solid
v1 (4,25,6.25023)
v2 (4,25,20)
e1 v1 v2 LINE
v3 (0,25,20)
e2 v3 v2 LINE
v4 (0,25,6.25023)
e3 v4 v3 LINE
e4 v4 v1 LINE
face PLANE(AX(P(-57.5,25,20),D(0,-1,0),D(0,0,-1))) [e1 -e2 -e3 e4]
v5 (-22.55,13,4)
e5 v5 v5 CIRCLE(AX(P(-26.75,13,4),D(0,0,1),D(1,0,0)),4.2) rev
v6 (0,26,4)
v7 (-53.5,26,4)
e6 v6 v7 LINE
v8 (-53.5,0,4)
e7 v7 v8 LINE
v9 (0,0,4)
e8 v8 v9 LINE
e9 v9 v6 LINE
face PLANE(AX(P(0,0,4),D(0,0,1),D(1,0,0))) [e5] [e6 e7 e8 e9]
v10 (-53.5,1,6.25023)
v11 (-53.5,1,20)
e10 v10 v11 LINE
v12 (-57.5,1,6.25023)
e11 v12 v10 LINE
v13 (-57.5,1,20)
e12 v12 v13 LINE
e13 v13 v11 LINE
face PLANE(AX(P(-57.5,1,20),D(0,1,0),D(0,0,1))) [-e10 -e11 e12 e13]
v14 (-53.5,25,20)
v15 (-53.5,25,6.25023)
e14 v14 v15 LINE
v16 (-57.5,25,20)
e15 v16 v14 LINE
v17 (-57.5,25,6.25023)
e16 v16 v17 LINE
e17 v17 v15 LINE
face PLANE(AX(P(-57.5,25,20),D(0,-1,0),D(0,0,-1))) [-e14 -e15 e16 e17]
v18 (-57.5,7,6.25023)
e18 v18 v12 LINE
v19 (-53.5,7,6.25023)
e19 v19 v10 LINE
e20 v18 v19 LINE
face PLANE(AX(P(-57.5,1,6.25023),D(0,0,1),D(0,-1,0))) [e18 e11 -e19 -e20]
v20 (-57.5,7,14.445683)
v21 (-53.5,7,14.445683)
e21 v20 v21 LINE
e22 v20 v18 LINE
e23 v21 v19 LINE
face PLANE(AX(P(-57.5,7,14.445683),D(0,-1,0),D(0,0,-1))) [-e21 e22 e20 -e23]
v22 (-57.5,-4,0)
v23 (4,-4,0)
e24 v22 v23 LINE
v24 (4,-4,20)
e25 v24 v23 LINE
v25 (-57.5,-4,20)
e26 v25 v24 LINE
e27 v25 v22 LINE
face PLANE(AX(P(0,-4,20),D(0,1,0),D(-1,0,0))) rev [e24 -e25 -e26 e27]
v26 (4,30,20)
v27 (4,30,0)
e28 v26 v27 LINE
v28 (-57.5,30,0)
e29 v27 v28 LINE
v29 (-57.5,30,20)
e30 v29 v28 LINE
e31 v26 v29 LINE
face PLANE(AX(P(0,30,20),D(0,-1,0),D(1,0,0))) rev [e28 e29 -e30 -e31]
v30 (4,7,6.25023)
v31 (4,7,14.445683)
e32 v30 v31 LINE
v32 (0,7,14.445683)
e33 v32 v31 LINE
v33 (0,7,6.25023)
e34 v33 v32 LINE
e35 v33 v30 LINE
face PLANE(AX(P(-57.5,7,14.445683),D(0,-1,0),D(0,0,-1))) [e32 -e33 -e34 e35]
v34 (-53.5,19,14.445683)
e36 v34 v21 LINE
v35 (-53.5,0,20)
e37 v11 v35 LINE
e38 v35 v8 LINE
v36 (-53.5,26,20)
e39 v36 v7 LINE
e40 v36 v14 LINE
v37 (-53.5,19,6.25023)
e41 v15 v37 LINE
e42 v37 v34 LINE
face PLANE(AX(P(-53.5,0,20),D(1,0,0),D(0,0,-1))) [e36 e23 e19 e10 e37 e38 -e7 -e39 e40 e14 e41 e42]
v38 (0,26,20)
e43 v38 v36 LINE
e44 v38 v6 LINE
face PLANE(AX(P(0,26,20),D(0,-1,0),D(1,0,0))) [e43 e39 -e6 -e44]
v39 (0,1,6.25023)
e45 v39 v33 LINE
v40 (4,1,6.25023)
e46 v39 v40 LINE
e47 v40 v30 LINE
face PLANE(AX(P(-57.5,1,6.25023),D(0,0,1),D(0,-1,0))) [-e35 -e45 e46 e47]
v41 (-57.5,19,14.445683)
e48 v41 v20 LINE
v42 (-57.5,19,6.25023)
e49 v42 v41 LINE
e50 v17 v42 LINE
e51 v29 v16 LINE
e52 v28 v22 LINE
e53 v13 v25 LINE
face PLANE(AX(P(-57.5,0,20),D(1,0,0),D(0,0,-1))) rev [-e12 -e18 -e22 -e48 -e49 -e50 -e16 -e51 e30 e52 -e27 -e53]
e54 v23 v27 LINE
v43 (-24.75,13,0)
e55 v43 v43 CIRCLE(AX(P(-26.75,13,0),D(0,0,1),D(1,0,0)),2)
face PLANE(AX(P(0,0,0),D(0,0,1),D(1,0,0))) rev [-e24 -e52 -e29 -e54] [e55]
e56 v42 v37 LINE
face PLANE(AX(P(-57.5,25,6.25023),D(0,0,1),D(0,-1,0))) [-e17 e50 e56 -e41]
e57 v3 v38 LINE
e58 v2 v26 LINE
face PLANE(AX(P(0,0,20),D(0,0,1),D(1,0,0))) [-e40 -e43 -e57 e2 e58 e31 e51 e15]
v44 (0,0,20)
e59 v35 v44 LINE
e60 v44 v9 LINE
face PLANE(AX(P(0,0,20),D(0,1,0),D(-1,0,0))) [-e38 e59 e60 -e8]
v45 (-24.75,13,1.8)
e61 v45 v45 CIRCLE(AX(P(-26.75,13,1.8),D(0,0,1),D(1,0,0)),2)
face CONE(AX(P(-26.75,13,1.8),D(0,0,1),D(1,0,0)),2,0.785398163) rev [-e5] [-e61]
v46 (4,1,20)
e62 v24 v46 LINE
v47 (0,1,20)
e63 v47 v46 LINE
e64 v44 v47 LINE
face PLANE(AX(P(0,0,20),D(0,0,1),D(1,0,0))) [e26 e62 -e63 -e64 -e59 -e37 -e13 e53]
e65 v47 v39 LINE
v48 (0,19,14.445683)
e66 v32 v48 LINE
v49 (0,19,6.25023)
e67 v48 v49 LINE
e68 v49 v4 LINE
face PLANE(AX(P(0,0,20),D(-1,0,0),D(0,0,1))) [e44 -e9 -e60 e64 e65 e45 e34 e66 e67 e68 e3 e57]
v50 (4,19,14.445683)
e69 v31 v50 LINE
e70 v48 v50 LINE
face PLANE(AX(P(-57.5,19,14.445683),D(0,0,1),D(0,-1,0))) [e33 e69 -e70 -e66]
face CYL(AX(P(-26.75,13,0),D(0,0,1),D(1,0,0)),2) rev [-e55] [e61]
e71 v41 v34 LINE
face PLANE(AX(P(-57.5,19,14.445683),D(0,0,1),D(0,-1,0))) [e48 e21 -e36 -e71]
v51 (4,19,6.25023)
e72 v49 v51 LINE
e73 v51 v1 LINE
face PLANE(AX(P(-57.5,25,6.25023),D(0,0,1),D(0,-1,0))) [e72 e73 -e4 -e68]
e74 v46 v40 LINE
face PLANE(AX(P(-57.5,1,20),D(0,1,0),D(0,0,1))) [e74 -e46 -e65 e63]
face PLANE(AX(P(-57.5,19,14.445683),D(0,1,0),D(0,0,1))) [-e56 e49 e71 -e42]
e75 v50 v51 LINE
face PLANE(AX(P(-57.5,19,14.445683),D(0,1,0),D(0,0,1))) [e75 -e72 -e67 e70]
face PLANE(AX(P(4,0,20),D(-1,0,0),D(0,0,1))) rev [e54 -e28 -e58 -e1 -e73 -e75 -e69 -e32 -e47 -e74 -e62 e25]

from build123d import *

# Parameters (mm, degrees)
SCHIZZO1_W                   = 61.5
SCHIZZO1_H                   = 34
SCHIZZO1_W_2                 = 53.5
SCHIZZO1_H_2                 = 26
ESTRUSIONE_SOTTILE1_DEPTH    = 20
SCHIZZO2_W                   = 53.5
SCHIZZO2_H                   = 26
ESTRUSIONE_ESTRUSIONE1_DEPTH = 4
SCHIZZO3_R                   = 2
TAGLIO_ESTRUSIONE1_DEPTH     = 4
TAGLIO_ESTRUSIONE3_DEPTH     = 72.289901108
SMUSSO1_SIZE                 = 2.2


with BuildPart() as part:
    # Schizzo1 → Estrusione-Sottile1 (new body)
    with BuildSketch(Plane.XY):
        with Locations((-26.75, 13)):
            Rectangle(SCHIZZO1_W, SCHIZZO1_H)
        with Locations((-26.75, 13)):
            Rectangle(SCHIZZO1_W_2, SCHIZZO1_H_2, mode=Mode.SUBTRACT)
    extrude(amount=ESTRUSIONE_SOTTILE1_DEPTH)

    # Schizzo2 → Estrusione-Estrusione1 (add)
    with BuildSketch(Plane.XY):
        with Locations((-26.75, 13)):
            Rectangle(SCHIZZO2_W, SCHIZZO2_H)
    extrude(amount=ESTRUSIONE_ESTRUSIONE1_DEPTH)

    # Schizzo3 → Taglio-Estrusione1 (cut)
    with BuildSketch(Plane.XY.offset(4)):
        with Locations((-26.75, 13)):
            Circle(SCHIZZO3_R)
    extrude(amount=-TAGLIO_ESTRUSIONE1_DEPTH, mode=Mode.SUBTRACT)

    # Schizzo4 → Taglio-Estrusione3 (cut, through all)
    with BuildSketch(Plane.ZY.offset(57.5)):
        Polygon((20, 110.783466983), (20, 27), (20, 25), (6.250230313, 25), (6.250230313, 19), (14.445683016, 19), (14.445683016, 7), (6.250230313, 7), (6.250230313, 1), (20, 1), (20, -1), (20, -84.783466983), (187.566933966, -84.783466983), (187.566933966, 110.783466983), align=None)
    extrude(amount=-TAGLIO_ESTRUSIONE3_DEPTH, mode=Mode.SUBTRACT)

    # Smusso1
    smusso1_edges = [part.edges().sort_by_distance(p)[0] for p in [
        (-28.75, 13, 4),
    ]]
    chamfer(smusso1_edges, length=SMUSSO1_SIZE)


solid = part.part
